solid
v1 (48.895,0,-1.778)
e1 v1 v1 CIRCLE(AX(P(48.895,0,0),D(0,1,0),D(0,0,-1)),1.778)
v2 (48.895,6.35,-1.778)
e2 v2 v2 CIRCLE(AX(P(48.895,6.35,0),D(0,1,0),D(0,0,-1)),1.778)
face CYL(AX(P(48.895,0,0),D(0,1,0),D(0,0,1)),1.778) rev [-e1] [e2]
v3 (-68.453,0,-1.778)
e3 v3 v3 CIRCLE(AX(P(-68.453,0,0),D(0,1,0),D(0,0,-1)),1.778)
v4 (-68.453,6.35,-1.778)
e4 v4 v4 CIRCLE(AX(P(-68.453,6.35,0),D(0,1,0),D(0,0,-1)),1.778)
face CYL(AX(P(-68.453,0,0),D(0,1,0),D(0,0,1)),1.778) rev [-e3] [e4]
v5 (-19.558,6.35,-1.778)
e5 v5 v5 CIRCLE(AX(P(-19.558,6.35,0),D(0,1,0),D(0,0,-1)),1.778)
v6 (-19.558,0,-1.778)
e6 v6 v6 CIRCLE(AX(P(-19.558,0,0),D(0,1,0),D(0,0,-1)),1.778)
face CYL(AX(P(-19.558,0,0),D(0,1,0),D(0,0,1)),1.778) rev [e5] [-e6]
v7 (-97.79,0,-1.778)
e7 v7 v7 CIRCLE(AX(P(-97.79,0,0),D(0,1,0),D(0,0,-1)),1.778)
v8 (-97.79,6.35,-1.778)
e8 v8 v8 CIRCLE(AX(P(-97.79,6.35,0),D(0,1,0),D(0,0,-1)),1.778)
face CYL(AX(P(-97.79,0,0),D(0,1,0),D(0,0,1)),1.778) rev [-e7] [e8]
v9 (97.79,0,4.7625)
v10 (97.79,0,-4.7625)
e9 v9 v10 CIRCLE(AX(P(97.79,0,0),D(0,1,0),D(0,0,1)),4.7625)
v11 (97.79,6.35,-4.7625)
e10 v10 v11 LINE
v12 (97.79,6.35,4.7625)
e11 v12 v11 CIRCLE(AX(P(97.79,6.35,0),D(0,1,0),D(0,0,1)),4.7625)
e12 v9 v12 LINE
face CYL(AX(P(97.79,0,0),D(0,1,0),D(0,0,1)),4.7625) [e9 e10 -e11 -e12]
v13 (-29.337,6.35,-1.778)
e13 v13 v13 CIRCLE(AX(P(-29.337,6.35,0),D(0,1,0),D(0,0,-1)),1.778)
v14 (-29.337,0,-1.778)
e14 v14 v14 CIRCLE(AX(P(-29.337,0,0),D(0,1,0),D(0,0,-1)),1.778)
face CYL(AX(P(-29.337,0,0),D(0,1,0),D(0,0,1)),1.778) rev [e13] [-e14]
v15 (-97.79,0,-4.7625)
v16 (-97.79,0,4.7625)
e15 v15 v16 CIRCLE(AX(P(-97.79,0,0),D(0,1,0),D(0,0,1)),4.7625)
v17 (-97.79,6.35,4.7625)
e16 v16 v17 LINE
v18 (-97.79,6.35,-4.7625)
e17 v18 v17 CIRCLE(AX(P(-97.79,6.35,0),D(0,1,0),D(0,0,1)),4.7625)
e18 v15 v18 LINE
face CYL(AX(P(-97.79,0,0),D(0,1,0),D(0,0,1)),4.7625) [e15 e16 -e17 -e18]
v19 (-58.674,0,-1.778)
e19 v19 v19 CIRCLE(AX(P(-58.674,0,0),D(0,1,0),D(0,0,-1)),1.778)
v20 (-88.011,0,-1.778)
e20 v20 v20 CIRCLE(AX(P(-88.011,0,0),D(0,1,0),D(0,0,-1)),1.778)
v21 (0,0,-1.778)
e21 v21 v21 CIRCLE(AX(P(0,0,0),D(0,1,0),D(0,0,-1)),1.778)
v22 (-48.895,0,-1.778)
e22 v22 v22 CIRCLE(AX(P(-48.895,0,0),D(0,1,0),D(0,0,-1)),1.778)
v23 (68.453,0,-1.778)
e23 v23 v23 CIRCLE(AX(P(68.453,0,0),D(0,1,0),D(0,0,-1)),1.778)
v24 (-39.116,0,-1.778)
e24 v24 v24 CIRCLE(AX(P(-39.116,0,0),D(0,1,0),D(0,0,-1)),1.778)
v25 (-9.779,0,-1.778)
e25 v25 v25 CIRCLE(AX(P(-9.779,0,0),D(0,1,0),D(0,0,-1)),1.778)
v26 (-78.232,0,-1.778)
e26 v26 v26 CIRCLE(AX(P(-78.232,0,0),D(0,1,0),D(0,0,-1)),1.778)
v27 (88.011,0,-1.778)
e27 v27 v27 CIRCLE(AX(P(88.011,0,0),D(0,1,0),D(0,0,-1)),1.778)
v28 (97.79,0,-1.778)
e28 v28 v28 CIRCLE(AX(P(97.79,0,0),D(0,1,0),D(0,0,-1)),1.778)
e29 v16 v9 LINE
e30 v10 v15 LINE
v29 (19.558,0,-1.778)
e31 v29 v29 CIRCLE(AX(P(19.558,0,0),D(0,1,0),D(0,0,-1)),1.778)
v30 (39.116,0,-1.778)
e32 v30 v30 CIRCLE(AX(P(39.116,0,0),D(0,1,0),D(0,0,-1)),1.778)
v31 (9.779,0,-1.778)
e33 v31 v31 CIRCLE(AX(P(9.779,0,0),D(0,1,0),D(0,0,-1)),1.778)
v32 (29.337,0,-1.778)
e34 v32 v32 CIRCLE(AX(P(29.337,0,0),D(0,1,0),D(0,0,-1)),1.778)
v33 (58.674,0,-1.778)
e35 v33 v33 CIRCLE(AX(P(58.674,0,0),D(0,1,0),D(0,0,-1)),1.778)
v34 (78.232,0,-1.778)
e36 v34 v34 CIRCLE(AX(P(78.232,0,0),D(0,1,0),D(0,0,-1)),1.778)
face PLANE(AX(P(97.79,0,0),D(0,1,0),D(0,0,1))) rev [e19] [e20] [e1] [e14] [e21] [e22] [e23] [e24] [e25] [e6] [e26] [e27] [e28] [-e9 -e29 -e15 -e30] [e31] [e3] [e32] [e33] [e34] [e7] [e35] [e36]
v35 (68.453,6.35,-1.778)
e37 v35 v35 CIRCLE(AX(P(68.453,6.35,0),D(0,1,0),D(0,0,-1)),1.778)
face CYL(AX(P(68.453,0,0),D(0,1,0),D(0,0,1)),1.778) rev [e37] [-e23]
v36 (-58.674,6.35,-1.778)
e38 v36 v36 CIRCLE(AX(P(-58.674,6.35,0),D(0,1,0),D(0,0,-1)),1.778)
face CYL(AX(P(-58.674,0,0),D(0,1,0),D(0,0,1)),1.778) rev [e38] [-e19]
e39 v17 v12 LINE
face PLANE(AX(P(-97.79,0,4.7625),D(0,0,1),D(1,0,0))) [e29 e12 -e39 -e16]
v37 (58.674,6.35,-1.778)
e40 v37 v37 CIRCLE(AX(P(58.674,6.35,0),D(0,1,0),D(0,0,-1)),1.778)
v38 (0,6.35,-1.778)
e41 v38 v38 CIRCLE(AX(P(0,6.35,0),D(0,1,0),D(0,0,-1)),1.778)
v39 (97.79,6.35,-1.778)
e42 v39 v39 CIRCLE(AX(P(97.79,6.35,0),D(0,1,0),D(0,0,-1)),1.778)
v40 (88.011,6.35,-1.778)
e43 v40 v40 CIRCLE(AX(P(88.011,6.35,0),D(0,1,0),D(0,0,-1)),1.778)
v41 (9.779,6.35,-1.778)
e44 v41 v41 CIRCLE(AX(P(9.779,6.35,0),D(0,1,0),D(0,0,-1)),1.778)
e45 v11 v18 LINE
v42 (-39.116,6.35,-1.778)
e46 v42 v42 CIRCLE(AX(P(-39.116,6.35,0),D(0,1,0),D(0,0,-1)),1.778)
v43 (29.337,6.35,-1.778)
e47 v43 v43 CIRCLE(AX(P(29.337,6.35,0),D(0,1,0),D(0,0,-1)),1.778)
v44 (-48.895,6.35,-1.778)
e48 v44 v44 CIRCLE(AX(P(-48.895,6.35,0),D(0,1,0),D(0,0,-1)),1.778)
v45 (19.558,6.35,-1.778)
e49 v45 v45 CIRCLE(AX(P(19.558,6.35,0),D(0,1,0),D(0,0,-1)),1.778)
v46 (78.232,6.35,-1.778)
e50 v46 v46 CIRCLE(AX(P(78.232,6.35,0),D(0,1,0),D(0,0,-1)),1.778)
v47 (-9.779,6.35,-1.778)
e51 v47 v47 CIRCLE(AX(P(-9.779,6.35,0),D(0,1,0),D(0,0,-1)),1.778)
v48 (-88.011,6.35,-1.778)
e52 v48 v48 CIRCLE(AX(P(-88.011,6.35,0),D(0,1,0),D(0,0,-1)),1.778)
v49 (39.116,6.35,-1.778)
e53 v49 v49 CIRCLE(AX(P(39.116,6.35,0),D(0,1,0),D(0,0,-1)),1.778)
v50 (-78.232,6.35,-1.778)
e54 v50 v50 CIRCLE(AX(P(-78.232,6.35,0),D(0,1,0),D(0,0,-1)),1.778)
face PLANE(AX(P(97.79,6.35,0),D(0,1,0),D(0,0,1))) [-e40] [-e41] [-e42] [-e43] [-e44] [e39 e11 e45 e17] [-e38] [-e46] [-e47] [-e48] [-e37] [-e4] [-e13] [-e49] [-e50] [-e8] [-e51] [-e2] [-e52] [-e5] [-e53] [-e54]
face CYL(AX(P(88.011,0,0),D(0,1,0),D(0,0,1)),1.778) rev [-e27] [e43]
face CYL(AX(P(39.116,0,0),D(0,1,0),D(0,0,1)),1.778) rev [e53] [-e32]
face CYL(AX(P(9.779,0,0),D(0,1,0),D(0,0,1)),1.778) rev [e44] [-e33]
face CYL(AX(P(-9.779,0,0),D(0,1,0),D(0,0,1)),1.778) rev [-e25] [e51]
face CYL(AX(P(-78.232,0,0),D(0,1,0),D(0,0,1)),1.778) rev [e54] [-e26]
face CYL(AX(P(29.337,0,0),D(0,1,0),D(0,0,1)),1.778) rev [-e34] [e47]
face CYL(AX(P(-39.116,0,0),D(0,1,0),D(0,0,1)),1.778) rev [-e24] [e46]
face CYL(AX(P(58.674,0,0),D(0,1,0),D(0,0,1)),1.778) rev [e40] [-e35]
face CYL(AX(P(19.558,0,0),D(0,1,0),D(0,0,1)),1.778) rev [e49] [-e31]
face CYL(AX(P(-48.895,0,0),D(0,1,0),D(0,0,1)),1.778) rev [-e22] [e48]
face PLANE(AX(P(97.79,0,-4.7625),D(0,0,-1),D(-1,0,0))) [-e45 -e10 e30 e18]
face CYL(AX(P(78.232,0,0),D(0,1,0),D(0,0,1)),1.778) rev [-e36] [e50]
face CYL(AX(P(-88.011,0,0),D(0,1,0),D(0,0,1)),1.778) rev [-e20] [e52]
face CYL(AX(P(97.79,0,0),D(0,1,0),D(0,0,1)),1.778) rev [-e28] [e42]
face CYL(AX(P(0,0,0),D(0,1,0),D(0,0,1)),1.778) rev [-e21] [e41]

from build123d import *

# Parameters (mm, degrees)
SKETCH1_R           = 1.778
BOSS_EXTRUDE1_DEPTH = 6.35


with BuildPart() as part:
    # Sketch1 → Boss-Extrude1 (new body)
    with BuildSketch(Plane(origin=(0, 6.35, 0), x_dir=(1, 0, 0), z_dir=(0, 1, 0))):
        with BuildLine():
            Line((97.79, 4.7625), (-97.79, 4.7625))
            ThreePointArc((-97.79, 4.7625), (-102.5525, 0), (-97.79, -4.7625))
            Line((-97.79, -4.7625), (97.79, -4.7625))
            ThreePointArc((97.79, -4.7625), (102.5525, 0), (97.79, 4.7625))
        make_face()
        with Locations((97.79, 0)):
            Circle(SKETCH1_R, mode=Mode.SUBTRACT)
        with Locations((88.011, 0)):
            Circle(SKETCH1_R, mode=Mode.SUBTRACT)
        with Locations((78.232, 0)):
            Circle(SKETCH1_R, mode=Mode.SUBTRACT)
        with Locations((68.453, 0)):
            Circle(SKETCH1_R, mode=Mode.SUBTRACT)
        with Locations((58.674, 0)):
            Circle(SKETCH1_R, mode=Mode.SUBTRACT)
        with Locations((48.895, 0)):
            Circle(SKETCH1_R, mode=Mode.SUBTRACT)
        with Locations((39.116, 0)):
            Circle(SKETCH1_R, mode=Mode.SUBTRACT)
        with Locations((29.337, 0)):
            Circle(SKETCH1_R, mode=Mode.SUBTRACT)
        with Locations((19.558, 0)):
            Circle(SKETCH1_R, mode=Mode.SUBTRACT)
        with Locations((9.779, 0)):
            Circle(SKETCH1_R, mode=Mode.SUBTRACT)
        Circle(SKETCH1_R, mode=Mode.SUBTRACT)
        with Locations((-9.779, 0)):
            Circle(SKETCH1_R, mode=Mode.SUBTRACT)
        with Locations((-19.558, 0)):
            Circle(SKETCH1_R, mode=Mode.SUBTRACT)
        with Locations((-29.337, 0)):
            Circle(SKETCH1_R, mode=Mode.SUBTRACT)
        with Locations((-39.116, 0)):
            Circle(SKETCH1_R, mode=Mode.SUBTRACT)
        with Locations((-48.895, 0)):
            Circle(SKETCH1_R, mode=Mode.SUBTRACT)
        with Locations((-58.674, 0)):
            Circle(SKETCH1_R, mode=Mode.SUBTRACT)
        with Locations((-68.453, 0)):
            Circle(SKETCH1_R, mode=Mode.SUBTRACT)
        with Locations((-78.232, 0)):
            Circle(SKETCH1_R, mode=Mode.SUBTRACT)
        with Locations((-88.011, 0)):
            Circle(SKETCH1_R, mode=Mode.SUBTRACT)
        with Locations((-97.79, 0)):
            Circle(SKETCH1_R, mode=Mode.SUBTRACT)
    extrude(amount=-BOSS_EXTRUDE1_DEPTH)


solid = part.part
